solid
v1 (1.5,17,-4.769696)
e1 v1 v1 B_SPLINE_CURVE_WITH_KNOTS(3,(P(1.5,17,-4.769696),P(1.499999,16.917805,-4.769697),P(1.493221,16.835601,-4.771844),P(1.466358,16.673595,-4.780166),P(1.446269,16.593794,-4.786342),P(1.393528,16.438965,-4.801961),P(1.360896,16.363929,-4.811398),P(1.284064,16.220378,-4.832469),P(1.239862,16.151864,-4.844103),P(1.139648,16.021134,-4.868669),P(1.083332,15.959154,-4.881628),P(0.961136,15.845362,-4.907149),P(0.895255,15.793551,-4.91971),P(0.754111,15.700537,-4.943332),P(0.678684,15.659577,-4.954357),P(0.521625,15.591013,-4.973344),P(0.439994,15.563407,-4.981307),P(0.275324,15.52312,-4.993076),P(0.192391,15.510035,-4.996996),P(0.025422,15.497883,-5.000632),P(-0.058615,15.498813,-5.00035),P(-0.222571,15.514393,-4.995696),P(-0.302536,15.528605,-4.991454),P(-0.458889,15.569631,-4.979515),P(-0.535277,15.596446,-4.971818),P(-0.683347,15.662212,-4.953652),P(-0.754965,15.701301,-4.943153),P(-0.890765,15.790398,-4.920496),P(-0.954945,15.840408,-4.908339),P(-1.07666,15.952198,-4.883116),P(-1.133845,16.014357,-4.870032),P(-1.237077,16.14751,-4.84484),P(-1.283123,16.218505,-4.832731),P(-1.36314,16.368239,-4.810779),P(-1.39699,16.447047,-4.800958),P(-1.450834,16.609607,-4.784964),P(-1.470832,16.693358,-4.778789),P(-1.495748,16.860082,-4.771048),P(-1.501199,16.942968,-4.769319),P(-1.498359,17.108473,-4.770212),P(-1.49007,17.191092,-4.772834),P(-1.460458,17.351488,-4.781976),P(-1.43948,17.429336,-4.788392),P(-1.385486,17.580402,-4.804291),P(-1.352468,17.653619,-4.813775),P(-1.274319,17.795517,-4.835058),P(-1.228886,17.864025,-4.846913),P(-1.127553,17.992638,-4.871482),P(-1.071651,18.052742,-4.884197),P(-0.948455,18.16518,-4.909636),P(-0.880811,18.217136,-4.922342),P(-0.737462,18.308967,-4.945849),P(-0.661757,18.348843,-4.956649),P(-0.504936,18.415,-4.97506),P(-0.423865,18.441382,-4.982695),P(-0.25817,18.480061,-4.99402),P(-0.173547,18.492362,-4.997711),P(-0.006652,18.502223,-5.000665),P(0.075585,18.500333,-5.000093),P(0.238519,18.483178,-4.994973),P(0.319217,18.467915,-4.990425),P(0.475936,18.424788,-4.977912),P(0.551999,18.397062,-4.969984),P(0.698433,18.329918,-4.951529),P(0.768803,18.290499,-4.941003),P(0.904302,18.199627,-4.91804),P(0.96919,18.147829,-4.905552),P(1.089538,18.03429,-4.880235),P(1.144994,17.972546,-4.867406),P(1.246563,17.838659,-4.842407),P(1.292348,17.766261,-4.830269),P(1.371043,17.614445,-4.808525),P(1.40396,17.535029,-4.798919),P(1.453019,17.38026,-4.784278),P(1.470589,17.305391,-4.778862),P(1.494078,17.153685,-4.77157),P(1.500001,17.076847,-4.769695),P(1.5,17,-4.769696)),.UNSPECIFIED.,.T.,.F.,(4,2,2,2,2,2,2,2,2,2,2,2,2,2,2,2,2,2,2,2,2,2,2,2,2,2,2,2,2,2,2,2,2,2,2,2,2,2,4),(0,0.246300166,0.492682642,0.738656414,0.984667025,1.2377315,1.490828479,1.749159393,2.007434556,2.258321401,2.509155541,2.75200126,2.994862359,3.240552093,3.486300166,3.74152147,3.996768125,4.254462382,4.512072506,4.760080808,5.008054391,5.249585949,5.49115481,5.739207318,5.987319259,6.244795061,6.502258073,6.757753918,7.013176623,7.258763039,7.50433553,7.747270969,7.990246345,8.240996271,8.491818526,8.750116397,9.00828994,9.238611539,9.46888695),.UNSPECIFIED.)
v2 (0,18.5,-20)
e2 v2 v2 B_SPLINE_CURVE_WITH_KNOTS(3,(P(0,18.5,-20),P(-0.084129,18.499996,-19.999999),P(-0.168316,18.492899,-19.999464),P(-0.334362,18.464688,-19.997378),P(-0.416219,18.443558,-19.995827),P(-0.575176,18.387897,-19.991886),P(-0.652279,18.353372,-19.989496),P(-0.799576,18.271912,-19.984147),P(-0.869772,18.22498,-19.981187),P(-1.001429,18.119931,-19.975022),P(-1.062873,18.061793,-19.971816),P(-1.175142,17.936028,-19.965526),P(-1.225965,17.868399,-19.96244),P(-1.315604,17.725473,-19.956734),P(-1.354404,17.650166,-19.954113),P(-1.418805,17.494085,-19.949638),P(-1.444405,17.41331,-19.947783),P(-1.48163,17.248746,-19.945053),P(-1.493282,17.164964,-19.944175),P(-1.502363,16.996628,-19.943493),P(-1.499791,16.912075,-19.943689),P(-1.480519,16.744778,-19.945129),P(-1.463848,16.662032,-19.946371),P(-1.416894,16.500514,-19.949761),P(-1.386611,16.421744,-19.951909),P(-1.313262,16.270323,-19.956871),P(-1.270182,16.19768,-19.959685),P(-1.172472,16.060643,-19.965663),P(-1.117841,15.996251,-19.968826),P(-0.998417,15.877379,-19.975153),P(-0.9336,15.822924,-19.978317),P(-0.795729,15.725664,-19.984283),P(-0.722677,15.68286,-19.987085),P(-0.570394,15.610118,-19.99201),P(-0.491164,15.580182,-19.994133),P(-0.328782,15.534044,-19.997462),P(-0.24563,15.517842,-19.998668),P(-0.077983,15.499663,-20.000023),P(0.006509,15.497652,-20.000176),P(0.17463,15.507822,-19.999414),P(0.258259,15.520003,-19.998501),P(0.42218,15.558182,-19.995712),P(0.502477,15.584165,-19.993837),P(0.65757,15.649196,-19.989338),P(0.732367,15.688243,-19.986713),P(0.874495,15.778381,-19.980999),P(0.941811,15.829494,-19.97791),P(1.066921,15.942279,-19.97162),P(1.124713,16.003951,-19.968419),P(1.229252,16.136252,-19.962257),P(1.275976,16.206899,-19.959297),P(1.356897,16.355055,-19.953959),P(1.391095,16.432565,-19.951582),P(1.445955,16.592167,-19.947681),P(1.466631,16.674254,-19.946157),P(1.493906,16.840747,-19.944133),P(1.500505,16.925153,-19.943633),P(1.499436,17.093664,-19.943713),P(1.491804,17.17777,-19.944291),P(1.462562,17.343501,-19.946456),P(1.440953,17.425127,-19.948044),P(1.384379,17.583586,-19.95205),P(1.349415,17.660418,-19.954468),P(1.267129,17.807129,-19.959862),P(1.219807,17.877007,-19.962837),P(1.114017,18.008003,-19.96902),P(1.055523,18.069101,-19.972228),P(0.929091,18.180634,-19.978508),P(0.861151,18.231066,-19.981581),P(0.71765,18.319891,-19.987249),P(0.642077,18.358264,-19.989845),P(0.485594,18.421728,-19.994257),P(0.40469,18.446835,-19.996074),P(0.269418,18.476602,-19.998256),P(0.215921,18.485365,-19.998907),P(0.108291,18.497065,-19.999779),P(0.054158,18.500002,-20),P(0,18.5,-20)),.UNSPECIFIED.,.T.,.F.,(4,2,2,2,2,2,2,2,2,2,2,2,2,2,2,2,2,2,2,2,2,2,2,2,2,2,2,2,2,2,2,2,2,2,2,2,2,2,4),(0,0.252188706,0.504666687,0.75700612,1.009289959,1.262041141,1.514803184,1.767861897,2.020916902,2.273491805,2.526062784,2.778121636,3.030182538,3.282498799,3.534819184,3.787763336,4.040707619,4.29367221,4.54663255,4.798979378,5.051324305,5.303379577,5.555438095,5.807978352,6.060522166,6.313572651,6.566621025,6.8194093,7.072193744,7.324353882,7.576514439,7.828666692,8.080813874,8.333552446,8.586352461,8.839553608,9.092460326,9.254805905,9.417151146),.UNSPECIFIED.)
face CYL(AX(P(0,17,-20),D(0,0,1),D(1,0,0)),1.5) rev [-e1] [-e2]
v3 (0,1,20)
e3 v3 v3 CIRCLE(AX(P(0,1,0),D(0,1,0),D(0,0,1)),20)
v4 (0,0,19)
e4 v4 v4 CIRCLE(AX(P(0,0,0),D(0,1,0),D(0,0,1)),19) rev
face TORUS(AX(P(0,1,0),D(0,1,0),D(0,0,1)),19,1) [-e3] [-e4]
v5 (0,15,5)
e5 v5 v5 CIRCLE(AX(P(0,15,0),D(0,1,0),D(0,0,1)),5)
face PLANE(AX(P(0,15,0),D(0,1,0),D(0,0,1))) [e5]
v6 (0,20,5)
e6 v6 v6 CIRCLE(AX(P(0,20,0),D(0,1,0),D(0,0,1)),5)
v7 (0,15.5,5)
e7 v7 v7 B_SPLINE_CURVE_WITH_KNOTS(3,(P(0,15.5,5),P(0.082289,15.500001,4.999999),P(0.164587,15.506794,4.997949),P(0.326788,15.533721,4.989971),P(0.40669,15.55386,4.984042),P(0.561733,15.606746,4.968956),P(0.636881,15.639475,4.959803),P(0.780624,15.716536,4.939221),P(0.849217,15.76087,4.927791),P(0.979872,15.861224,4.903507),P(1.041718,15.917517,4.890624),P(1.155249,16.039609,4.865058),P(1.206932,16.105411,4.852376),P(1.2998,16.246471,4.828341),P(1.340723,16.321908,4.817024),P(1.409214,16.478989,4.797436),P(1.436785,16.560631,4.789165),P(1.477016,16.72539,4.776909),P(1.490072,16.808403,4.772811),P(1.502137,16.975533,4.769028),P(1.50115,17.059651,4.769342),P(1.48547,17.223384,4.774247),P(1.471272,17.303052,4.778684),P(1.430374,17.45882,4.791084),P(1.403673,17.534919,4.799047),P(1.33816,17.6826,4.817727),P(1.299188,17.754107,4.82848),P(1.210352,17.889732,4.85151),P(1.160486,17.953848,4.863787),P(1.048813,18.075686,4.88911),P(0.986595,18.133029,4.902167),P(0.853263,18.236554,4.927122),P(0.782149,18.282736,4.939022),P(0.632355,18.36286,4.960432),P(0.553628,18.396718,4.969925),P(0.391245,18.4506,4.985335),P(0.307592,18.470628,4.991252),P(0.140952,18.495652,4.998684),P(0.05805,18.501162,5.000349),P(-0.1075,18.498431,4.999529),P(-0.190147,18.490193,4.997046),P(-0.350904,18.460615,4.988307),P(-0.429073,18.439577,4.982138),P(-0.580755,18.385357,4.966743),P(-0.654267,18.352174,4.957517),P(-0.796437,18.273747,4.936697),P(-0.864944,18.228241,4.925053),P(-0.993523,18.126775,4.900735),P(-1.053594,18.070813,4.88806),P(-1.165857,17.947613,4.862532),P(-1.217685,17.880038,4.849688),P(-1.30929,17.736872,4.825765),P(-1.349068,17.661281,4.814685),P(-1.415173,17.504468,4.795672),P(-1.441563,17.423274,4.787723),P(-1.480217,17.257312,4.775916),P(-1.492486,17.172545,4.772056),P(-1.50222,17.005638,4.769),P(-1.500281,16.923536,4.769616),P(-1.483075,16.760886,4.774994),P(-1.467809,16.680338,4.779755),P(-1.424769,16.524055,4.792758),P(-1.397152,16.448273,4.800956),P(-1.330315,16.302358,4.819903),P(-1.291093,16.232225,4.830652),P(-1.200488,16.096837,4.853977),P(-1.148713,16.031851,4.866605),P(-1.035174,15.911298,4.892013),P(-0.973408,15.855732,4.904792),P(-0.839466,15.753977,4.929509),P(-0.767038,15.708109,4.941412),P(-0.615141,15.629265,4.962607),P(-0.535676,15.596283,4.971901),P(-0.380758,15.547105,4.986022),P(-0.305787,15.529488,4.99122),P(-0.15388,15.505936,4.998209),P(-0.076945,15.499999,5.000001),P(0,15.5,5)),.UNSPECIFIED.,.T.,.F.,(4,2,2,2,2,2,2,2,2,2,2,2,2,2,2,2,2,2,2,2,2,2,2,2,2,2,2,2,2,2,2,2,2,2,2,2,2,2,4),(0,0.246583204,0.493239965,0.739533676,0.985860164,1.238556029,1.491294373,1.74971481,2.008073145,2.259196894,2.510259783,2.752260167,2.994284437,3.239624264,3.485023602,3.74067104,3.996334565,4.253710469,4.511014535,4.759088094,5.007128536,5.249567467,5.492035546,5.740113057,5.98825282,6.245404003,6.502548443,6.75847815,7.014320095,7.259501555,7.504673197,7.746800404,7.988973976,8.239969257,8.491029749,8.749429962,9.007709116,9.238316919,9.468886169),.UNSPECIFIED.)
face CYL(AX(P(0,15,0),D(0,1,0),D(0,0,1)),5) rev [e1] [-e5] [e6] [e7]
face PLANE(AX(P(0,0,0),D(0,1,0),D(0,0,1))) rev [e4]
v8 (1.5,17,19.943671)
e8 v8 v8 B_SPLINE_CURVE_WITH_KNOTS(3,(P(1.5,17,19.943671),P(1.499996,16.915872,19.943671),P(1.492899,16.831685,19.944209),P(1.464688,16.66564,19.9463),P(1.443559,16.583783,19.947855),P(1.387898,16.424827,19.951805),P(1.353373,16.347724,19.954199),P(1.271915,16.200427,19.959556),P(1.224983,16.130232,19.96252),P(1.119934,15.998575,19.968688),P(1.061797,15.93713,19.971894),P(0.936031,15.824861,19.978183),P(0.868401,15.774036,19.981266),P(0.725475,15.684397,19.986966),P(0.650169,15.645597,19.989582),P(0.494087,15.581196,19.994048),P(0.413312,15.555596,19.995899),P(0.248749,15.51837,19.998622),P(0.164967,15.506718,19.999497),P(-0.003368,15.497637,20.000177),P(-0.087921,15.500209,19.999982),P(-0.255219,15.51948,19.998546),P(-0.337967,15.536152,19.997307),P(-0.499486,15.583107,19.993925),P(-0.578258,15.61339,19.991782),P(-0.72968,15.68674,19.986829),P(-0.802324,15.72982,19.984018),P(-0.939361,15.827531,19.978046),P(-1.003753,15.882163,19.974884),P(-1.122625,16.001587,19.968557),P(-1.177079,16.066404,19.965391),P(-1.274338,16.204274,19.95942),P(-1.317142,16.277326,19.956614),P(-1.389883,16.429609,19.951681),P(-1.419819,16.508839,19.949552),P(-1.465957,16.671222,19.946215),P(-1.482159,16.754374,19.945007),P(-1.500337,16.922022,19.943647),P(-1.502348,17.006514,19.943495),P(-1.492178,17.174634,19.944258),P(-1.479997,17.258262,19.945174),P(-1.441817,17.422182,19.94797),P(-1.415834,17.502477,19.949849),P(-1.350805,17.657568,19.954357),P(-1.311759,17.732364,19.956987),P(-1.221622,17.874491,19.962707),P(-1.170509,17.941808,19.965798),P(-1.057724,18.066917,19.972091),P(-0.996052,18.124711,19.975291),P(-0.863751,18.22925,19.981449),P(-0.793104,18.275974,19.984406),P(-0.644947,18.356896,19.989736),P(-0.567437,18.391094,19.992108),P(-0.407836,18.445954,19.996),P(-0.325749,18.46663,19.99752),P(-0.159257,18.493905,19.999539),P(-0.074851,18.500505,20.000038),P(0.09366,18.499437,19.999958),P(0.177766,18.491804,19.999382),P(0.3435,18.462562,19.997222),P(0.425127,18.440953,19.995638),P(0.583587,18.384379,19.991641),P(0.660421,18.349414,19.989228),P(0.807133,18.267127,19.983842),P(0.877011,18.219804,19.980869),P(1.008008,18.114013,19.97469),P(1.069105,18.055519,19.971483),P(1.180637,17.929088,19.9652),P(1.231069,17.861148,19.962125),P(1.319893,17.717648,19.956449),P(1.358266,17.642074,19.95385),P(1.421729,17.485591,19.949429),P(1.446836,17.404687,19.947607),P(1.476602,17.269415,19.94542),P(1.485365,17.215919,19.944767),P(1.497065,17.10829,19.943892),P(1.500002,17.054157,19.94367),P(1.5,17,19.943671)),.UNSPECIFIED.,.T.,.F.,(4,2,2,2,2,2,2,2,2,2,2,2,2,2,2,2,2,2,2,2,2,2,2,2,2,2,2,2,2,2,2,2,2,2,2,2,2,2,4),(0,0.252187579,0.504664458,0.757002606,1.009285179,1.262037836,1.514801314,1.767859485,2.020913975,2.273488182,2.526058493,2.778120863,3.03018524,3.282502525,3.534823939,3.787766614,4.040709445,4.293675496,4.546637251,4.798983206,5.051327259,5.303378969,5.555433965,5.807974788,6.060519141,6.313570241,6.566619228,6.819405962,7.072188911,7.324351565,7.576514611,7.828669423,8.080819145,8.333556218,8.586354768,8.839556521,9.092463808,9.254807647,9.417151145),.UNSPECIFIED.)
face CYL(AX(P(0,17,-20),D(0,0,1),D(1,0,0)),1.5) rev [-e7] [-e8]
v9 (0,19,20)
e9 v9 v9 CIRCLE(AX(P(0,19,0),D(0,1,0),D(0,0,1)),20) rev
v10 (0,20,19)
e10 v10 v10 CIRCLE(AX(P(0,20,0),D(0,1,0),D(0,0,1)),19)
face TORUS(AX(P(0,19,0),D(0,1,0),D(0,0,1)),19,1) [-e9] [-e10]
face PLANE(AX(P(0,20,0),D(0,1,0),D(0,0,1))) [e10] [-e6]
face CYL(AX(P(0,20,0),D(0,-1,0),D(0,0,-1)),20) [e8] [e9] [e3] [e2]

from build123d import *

# Parameters (mm, degrees)
SKETCH1_R           = 20
BOSS_EXTRUDE1_DEPTH = 20
SKETCH2_R           = 5
CUT_EXTRUDE1_DEPTH  = 5
SKETCH3_R           = 1.5
CUT_EXTRUDE2_DEPTH  = 49.989794856
FILLET1_R           = 1
FILLET2_R           = 1


with BuildPart() as part:
    # Sketch1 → Boss-Extrude1 (new body)
    with BuildSketch(Plane(origin=(0, 0, 0), x_dir=(1, 0, 0), z_dir=(0, 1, 0))):
        with Locations(Location((0, 0, 0), (0, 0, 270))):
            Circle(SKETCH1_R)
    extrude(amount=BOSS_EXTRUDE1_DEPTH)

    # Sketch2 → Cut-Extrude1 (cut)
    with BuildSketch(Plane(origin=(0, 20, 0), x_dir=(1, 0, 0), z_dir=(0, 1, 0))):
        with Locations(Location((0, 0, 0), (0, 0, 270))):
            Circle(SKETCH2_R)
    extrude(amount=-CUT_EXTRUDE1_DEPTH, mode=Mode.SUBTRACT)

    # Sketch3 → Cut-Extrude2 (cut, through all)
    with BuildSketch(Plane.XY.offset(20)):
        with Locations((0, 17)):
            Circle(SKETCH3_R)
    extrude(amount=-CUT_EXTRUDE2_DEPTH, mode=Mode.SUBTRACT)

    # Fillet1
    fillet1_edges = [part.edges().sort_by_distance(p)[0] for p in [
        (0, 0, -20),
    ]]
    fillet(fillet1_edges, radius=FILLET1_R)

    # Fillet2
    fillet2_edges = [part.edges().sort_by_distance(p)[0] for p in [
        (0, 20, -20),
    ]]
    fillet(fillet2_edges, radius=FILLET2_R)


solid = part.part
